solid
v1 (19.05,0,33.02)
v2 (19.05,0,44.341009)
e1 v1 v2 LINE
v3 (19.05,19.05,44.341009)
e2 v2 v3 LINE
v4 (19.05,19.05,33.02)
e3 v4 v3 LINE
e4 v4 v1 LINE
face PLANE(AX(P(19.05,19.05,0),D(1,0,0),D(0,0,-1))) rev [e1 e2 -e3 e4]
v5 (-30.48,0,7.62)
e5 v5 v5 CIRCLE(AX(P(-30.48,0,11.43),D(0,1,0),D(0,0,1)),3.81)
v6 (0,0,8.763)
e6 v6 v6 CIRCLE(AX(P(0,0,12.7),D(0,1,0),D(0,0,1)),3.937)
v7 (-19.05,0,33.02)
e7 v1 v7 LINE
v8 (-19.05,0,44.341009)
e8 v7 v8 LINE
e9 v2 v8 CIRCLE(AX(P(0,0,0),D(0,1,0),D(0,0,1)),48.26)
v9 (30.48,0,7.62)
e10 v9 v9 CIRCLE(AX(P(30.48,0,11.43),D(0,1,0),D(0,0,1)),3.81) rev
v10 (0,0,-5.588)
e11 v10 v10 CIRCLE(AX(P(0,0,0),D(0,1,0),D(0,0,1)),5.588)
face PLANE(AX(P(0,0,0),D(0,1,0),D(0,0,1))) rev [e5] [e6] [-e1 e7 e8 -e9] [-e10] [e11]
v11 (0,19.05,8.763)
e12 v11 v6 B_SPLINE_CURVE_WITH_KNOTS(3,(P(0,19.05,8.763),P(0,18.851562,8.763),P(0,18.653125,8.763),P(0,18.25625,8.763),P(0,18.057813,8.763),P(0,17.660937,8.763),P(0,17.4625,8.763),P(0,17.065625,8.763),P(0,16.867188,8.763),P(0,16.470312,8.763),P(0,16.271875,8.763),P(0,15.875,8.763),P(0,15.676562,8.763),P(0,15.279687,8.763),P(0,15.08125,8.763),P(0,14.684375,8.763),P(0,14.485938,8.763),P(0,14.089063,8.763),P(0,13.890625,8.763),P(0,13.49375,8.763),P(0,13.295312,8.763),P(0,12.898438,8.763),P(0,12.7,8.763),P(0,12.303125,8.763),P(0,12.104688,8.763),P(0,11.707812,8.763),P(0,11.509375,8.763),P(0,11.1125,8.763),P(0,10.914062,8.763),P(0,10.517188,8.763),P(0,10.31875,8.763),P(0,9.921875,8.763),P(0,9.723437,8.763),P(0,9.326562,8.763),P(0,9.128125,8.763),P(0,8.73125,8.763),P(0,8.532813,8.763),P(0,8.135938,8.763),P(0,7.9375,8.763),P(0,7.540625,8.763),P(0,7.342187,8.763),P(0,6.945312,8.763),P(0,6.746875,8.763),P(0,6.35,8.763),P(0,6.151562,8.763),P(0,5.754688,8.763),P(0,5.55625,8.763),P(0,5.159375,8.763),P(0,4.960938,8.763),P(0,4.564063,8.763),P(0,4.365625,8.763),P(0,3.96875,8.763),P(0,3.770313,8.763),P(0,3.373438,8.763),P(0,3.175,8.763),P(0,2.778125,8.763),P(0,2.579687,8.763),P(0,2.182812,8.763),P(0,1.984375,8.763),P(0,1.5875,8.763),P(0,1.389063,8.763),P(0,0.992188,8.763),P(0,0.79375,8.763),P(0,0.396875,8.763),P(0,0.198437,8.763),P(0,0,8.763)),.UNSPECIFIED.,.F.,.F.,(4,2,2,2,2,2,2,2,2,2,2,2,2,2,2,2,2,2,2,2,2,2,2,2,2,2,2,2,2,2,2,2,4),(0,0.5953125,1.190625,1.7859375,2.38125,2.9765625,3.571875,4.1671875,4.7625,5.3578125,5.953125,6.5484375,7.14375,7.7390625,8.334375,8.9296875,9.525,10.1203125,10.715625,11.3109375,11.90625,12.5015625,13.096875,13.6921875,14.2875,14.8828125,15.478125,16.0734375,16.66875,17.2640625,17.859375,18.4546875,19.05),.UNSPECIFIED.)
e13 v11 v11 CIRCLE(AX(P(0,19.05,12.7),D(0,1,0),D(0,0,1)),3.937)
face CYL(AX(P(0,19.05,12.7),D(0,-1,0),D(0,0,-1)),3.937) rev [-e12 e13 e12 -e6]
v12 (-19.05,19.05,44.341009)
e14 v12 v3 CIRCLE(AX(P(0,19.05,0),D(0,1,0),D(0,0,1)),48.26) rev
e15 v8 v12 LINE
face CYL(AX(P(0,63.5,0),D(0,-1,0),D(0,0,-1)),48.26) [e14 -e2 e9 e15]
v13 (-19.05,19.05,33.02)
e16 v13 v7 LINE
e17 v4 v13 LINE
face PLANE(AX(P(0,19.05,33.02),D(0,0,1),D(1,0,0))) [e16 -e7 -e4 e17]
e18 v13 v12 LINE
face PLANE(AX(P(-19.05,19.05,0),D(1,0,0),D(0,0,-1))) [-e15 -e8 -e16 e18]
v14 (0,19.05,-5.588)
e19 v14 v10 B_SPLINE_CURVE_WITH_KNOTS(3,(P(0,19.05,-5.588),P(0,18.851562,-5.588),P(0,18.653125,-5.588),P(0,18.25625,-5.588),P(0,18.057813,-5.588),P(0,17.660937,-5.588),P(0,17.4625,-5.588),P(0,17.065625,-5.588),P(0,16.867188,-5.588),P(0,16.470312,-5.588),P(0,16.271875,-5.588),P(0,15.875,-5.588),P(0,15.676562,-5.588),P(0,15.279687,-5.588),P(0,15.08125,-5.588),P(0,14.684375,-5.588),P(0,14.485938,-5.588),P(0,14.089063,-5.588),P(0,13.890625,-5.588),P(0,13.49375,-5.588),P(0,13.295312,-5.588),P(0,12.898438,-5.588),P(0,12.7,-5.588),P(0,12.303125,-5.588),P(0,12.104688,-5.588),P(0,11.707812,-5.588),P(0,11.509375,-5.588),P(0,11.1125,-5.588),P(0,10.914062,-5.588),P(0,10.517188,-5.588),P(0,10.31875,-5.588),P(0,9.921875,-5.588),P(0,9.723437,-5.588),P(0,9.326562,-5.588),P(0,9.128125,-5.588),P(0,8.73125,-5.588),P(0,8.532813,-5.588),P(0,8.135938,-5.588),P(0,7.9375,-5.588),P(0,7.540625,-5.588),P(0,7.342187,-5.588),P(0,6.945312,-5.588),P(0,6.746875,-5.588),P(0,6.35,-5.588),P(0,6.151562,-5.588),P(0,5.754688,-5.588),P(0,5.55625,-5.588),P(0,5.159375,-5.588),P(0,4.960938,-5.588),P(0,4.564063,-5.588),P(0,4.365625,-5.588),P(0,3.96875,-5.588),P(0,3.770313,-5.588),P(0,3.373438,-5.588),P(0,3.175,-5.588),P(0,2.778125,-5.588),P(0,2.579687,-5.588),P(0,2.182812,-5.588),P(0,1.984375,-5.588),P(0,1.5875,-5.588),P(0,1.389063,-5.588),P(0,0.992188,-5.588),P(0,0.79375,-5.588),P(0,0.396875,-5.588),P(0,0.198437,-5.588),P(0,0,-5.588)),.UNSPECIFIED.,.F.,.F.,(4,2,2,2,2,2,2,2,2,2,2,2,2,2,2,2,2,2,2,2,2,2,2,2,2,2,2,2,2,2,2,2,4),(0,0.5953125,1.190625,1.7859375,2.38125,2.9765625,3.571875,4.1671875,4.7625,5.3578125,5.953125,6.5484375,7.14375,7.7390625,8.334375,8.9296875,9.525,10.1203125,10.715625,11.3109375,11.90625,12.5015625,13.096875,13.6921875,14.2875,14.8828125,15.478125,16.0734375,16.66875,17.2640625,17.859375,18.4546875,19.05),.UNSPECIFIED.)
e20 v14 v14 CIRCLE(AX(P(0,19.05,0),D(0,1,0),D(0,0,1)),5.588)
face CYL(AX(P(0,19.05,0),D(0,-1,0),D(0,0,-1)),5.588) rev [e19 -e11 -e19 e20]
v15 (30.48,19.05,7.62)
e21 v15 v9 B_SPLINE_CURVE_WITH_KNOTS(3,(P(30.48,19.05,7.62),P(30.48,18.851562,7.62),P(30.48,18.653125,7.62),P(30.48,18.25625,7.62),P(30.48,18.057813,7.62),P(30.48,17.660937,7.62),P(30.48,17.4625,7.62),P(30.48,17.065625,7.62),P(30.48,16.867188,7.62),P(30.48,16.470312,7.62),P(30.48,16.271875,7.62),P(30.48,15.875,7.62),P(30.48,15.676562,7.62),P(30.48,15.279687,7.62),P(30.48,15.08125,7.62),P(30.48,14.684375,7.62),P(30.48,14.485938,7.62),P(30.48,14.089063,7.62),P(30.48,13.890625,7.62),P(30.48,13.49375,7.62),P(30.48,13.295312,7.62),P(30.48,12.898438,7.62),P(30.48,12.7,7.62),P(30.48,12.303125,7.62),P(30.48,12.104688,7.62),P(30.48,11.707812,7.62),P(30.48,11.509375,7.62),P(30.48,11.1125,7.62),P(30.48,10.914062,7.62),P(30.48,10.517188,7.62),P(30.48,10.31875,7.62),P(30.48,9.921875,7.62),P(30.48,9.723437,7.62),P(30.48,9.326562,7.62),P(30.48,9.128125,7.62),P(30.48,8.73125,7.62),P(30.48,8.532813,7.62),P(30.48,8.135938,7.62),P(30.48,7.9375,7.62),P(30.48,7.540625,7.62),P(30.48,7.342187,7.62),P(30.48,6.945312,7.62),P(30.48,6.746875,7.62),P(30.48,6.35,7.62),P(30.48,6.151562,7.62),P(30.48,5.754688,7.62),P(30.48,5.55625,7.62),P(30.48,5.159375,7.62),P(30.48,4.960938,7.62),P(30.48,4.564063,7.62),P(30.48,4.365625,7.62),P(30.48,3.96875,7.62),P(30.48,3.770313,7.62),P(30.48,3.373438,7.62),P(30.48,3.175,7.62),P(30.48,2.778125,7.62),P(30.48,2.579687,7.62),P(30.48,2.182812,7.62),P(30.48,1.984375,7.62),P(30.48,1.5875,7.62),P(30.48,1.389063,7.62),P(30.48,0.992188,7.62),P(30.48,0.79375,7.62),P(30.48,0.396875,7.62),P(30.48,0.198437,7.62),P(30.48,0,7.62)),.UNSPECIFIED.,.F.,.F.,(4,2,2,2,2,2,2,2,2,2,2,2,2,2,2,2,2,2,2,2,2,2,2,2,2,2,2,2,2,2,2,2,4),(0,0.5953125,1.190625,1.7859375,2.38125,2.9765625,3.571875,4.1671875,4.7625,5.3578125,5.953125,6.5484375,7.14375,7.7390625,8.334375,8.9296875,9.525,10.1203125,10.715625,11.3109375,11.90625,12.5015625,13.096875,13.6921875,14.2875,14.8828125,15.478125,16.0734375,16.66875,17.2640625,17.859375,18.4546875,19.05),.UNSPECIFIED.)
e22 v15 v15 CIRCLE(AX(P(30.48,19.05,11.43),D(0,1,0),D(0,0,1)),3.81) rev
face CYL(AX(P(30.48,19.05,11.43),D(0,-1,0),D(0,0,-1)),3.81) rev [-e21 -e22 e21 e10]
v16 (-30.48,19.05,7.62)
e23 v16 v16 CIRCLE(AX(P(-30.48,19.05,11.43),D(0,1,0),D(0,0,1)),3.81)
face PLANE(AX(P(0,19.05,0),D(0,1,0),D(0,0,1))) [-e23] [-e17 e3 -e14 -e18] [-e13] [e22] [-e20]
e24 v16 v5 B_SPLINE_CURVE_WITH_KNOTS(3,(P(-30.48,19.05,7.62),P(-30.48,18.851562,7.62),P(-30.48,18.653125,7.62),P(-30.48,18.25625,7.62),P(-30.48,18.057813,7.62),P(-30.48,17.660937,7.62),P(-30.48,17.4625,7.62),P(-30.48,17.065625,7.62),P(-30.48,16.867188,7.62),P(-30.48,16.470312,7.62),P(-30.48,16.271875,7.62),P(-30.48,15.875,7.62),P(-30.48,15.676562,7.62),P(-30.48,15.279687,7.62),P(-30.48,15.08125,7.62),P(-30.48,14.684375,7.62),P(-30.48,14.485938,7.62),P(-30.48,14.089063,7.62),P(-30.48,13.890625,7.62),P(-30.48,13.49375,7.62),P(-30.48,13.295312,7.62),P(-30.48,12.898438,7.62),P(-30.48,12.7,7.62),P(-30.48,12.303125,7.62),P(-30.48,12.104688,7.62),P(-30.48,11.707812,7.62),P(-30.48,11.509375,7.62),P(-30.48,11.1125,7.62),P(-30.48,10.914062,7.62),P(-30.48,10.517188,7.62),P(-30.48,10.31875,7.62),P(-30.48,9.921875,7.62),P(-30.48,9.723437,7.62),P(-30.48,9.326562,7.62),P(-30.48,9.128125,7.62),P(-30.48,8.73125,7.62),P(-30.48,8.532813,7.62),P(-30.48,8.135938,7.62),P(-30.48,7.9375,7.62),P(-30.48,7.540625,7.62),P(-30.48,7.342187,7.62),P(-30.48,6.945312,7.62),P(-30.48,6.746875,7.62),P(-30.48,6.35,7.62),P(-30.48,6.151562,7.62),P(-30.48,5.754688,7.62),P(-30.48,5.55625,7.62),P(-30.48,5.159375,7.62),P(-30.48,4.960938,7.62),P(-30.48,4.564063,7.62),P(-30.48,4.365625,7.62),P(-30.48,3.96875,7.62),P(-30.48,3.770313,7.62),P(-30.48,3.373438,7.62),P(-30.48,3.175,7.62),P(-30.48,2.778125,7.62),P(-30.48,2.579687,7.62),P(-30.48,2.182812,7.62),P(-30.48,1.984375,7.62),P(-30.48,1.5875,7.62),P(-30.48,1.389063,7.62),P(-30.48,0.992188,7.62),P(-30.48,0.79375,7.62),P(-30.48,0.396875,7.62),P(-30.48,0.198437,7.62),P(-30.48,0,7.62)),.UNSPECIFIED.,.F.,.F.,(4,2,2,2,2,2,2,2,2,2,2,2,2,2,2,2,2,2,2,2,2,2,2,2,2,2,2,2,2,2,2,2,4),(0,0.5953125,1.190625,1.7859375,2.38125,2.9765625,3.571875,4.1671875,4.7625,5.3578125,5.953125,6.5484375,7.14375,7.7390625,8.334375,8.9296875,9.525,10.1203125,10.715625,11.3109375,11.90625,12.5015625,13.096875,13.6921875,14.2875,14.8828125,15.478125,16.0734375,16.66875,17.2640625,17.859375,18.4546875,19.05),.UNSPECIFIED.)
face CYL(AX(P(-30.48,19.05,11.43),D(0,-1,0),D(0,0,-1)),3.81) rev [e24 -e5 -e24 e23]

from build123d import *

# Parameters (mm, degrees)
SKETCH1_R              = 3.81
SKETCH1_R_2            = 3.937
SKETCH1_R_3            = 5.588
BOSS_EXTRUDE1_DEPTH    = 19.05
SKETCH2_W              = 175.508996812
SKETCH2_H              = 124.727535594
SKETCH2_R              = 48.26
TOLERANCE_ADJUST_DEPTH = 63.5


with BuildPart() as part:
    # Sketch1 → Boss-Extrude1 (new body)
    with BuildSketch(Plane(origin=(0, 0, 0), x_dir=(1, 0, 0), z_dir=(0, 1, 0))):
        with BuildLine():
            Line((-19.05, -33.02), (19.05, -33.02))
            Line((19.05, -33.02), (19.05, -45.72))
            ThreePointArc((19.05, -45.72), (41.211451079, -27.474300719), (49.53, 0))
            ThreePointArc((49.53, 0), (-27.474300719, 41.211451079), (-19.05, -45.72))
            Line((-19.05, -45.72), (-19.05, -33.02))
        make_face()
        with Locations(Location((-30.48, -11.43, 0), (0, 0, 90))):
            Circle(SKETCH1_R, mode=Mode.SUBTRACT)
        with Locations(Location((0, -12.7, 0), (0, 0, 90))):
            Circle(SKETCH1_R_2, mode=Mode.SUBTRACT)
        with Locations(Location((30.48, -11.43, 0), (0, 0, 90))):
            Circle(SKETCH1_R, mode=Mode.SUBTRACT)
        with Locations(Location((0, 0, 0), (0, 0, 90))):
            Circle(SKETCH1_R_3, mode=Mode.SUBTRACT)
    extrude(amount=BOSS_EXTRUDE1_DEPTH)

    # Sketch2 → Tolerance Adjust (cut)
    with BuildSketch(Plane(origin=(0, 0, 0), x_dir=(1, 0, 0), z_dir=(0, 1, 0))):
        Rectangle(SKETCH2_W, SKETCH2_H)
        Circle(SKETCH2_R, mode=Mode.SUBTRACT)
    extrude(amount=TOLERANCE_ADJUST_DEPTH, mode=Mode.SUBTRACT)


solid = part.part
